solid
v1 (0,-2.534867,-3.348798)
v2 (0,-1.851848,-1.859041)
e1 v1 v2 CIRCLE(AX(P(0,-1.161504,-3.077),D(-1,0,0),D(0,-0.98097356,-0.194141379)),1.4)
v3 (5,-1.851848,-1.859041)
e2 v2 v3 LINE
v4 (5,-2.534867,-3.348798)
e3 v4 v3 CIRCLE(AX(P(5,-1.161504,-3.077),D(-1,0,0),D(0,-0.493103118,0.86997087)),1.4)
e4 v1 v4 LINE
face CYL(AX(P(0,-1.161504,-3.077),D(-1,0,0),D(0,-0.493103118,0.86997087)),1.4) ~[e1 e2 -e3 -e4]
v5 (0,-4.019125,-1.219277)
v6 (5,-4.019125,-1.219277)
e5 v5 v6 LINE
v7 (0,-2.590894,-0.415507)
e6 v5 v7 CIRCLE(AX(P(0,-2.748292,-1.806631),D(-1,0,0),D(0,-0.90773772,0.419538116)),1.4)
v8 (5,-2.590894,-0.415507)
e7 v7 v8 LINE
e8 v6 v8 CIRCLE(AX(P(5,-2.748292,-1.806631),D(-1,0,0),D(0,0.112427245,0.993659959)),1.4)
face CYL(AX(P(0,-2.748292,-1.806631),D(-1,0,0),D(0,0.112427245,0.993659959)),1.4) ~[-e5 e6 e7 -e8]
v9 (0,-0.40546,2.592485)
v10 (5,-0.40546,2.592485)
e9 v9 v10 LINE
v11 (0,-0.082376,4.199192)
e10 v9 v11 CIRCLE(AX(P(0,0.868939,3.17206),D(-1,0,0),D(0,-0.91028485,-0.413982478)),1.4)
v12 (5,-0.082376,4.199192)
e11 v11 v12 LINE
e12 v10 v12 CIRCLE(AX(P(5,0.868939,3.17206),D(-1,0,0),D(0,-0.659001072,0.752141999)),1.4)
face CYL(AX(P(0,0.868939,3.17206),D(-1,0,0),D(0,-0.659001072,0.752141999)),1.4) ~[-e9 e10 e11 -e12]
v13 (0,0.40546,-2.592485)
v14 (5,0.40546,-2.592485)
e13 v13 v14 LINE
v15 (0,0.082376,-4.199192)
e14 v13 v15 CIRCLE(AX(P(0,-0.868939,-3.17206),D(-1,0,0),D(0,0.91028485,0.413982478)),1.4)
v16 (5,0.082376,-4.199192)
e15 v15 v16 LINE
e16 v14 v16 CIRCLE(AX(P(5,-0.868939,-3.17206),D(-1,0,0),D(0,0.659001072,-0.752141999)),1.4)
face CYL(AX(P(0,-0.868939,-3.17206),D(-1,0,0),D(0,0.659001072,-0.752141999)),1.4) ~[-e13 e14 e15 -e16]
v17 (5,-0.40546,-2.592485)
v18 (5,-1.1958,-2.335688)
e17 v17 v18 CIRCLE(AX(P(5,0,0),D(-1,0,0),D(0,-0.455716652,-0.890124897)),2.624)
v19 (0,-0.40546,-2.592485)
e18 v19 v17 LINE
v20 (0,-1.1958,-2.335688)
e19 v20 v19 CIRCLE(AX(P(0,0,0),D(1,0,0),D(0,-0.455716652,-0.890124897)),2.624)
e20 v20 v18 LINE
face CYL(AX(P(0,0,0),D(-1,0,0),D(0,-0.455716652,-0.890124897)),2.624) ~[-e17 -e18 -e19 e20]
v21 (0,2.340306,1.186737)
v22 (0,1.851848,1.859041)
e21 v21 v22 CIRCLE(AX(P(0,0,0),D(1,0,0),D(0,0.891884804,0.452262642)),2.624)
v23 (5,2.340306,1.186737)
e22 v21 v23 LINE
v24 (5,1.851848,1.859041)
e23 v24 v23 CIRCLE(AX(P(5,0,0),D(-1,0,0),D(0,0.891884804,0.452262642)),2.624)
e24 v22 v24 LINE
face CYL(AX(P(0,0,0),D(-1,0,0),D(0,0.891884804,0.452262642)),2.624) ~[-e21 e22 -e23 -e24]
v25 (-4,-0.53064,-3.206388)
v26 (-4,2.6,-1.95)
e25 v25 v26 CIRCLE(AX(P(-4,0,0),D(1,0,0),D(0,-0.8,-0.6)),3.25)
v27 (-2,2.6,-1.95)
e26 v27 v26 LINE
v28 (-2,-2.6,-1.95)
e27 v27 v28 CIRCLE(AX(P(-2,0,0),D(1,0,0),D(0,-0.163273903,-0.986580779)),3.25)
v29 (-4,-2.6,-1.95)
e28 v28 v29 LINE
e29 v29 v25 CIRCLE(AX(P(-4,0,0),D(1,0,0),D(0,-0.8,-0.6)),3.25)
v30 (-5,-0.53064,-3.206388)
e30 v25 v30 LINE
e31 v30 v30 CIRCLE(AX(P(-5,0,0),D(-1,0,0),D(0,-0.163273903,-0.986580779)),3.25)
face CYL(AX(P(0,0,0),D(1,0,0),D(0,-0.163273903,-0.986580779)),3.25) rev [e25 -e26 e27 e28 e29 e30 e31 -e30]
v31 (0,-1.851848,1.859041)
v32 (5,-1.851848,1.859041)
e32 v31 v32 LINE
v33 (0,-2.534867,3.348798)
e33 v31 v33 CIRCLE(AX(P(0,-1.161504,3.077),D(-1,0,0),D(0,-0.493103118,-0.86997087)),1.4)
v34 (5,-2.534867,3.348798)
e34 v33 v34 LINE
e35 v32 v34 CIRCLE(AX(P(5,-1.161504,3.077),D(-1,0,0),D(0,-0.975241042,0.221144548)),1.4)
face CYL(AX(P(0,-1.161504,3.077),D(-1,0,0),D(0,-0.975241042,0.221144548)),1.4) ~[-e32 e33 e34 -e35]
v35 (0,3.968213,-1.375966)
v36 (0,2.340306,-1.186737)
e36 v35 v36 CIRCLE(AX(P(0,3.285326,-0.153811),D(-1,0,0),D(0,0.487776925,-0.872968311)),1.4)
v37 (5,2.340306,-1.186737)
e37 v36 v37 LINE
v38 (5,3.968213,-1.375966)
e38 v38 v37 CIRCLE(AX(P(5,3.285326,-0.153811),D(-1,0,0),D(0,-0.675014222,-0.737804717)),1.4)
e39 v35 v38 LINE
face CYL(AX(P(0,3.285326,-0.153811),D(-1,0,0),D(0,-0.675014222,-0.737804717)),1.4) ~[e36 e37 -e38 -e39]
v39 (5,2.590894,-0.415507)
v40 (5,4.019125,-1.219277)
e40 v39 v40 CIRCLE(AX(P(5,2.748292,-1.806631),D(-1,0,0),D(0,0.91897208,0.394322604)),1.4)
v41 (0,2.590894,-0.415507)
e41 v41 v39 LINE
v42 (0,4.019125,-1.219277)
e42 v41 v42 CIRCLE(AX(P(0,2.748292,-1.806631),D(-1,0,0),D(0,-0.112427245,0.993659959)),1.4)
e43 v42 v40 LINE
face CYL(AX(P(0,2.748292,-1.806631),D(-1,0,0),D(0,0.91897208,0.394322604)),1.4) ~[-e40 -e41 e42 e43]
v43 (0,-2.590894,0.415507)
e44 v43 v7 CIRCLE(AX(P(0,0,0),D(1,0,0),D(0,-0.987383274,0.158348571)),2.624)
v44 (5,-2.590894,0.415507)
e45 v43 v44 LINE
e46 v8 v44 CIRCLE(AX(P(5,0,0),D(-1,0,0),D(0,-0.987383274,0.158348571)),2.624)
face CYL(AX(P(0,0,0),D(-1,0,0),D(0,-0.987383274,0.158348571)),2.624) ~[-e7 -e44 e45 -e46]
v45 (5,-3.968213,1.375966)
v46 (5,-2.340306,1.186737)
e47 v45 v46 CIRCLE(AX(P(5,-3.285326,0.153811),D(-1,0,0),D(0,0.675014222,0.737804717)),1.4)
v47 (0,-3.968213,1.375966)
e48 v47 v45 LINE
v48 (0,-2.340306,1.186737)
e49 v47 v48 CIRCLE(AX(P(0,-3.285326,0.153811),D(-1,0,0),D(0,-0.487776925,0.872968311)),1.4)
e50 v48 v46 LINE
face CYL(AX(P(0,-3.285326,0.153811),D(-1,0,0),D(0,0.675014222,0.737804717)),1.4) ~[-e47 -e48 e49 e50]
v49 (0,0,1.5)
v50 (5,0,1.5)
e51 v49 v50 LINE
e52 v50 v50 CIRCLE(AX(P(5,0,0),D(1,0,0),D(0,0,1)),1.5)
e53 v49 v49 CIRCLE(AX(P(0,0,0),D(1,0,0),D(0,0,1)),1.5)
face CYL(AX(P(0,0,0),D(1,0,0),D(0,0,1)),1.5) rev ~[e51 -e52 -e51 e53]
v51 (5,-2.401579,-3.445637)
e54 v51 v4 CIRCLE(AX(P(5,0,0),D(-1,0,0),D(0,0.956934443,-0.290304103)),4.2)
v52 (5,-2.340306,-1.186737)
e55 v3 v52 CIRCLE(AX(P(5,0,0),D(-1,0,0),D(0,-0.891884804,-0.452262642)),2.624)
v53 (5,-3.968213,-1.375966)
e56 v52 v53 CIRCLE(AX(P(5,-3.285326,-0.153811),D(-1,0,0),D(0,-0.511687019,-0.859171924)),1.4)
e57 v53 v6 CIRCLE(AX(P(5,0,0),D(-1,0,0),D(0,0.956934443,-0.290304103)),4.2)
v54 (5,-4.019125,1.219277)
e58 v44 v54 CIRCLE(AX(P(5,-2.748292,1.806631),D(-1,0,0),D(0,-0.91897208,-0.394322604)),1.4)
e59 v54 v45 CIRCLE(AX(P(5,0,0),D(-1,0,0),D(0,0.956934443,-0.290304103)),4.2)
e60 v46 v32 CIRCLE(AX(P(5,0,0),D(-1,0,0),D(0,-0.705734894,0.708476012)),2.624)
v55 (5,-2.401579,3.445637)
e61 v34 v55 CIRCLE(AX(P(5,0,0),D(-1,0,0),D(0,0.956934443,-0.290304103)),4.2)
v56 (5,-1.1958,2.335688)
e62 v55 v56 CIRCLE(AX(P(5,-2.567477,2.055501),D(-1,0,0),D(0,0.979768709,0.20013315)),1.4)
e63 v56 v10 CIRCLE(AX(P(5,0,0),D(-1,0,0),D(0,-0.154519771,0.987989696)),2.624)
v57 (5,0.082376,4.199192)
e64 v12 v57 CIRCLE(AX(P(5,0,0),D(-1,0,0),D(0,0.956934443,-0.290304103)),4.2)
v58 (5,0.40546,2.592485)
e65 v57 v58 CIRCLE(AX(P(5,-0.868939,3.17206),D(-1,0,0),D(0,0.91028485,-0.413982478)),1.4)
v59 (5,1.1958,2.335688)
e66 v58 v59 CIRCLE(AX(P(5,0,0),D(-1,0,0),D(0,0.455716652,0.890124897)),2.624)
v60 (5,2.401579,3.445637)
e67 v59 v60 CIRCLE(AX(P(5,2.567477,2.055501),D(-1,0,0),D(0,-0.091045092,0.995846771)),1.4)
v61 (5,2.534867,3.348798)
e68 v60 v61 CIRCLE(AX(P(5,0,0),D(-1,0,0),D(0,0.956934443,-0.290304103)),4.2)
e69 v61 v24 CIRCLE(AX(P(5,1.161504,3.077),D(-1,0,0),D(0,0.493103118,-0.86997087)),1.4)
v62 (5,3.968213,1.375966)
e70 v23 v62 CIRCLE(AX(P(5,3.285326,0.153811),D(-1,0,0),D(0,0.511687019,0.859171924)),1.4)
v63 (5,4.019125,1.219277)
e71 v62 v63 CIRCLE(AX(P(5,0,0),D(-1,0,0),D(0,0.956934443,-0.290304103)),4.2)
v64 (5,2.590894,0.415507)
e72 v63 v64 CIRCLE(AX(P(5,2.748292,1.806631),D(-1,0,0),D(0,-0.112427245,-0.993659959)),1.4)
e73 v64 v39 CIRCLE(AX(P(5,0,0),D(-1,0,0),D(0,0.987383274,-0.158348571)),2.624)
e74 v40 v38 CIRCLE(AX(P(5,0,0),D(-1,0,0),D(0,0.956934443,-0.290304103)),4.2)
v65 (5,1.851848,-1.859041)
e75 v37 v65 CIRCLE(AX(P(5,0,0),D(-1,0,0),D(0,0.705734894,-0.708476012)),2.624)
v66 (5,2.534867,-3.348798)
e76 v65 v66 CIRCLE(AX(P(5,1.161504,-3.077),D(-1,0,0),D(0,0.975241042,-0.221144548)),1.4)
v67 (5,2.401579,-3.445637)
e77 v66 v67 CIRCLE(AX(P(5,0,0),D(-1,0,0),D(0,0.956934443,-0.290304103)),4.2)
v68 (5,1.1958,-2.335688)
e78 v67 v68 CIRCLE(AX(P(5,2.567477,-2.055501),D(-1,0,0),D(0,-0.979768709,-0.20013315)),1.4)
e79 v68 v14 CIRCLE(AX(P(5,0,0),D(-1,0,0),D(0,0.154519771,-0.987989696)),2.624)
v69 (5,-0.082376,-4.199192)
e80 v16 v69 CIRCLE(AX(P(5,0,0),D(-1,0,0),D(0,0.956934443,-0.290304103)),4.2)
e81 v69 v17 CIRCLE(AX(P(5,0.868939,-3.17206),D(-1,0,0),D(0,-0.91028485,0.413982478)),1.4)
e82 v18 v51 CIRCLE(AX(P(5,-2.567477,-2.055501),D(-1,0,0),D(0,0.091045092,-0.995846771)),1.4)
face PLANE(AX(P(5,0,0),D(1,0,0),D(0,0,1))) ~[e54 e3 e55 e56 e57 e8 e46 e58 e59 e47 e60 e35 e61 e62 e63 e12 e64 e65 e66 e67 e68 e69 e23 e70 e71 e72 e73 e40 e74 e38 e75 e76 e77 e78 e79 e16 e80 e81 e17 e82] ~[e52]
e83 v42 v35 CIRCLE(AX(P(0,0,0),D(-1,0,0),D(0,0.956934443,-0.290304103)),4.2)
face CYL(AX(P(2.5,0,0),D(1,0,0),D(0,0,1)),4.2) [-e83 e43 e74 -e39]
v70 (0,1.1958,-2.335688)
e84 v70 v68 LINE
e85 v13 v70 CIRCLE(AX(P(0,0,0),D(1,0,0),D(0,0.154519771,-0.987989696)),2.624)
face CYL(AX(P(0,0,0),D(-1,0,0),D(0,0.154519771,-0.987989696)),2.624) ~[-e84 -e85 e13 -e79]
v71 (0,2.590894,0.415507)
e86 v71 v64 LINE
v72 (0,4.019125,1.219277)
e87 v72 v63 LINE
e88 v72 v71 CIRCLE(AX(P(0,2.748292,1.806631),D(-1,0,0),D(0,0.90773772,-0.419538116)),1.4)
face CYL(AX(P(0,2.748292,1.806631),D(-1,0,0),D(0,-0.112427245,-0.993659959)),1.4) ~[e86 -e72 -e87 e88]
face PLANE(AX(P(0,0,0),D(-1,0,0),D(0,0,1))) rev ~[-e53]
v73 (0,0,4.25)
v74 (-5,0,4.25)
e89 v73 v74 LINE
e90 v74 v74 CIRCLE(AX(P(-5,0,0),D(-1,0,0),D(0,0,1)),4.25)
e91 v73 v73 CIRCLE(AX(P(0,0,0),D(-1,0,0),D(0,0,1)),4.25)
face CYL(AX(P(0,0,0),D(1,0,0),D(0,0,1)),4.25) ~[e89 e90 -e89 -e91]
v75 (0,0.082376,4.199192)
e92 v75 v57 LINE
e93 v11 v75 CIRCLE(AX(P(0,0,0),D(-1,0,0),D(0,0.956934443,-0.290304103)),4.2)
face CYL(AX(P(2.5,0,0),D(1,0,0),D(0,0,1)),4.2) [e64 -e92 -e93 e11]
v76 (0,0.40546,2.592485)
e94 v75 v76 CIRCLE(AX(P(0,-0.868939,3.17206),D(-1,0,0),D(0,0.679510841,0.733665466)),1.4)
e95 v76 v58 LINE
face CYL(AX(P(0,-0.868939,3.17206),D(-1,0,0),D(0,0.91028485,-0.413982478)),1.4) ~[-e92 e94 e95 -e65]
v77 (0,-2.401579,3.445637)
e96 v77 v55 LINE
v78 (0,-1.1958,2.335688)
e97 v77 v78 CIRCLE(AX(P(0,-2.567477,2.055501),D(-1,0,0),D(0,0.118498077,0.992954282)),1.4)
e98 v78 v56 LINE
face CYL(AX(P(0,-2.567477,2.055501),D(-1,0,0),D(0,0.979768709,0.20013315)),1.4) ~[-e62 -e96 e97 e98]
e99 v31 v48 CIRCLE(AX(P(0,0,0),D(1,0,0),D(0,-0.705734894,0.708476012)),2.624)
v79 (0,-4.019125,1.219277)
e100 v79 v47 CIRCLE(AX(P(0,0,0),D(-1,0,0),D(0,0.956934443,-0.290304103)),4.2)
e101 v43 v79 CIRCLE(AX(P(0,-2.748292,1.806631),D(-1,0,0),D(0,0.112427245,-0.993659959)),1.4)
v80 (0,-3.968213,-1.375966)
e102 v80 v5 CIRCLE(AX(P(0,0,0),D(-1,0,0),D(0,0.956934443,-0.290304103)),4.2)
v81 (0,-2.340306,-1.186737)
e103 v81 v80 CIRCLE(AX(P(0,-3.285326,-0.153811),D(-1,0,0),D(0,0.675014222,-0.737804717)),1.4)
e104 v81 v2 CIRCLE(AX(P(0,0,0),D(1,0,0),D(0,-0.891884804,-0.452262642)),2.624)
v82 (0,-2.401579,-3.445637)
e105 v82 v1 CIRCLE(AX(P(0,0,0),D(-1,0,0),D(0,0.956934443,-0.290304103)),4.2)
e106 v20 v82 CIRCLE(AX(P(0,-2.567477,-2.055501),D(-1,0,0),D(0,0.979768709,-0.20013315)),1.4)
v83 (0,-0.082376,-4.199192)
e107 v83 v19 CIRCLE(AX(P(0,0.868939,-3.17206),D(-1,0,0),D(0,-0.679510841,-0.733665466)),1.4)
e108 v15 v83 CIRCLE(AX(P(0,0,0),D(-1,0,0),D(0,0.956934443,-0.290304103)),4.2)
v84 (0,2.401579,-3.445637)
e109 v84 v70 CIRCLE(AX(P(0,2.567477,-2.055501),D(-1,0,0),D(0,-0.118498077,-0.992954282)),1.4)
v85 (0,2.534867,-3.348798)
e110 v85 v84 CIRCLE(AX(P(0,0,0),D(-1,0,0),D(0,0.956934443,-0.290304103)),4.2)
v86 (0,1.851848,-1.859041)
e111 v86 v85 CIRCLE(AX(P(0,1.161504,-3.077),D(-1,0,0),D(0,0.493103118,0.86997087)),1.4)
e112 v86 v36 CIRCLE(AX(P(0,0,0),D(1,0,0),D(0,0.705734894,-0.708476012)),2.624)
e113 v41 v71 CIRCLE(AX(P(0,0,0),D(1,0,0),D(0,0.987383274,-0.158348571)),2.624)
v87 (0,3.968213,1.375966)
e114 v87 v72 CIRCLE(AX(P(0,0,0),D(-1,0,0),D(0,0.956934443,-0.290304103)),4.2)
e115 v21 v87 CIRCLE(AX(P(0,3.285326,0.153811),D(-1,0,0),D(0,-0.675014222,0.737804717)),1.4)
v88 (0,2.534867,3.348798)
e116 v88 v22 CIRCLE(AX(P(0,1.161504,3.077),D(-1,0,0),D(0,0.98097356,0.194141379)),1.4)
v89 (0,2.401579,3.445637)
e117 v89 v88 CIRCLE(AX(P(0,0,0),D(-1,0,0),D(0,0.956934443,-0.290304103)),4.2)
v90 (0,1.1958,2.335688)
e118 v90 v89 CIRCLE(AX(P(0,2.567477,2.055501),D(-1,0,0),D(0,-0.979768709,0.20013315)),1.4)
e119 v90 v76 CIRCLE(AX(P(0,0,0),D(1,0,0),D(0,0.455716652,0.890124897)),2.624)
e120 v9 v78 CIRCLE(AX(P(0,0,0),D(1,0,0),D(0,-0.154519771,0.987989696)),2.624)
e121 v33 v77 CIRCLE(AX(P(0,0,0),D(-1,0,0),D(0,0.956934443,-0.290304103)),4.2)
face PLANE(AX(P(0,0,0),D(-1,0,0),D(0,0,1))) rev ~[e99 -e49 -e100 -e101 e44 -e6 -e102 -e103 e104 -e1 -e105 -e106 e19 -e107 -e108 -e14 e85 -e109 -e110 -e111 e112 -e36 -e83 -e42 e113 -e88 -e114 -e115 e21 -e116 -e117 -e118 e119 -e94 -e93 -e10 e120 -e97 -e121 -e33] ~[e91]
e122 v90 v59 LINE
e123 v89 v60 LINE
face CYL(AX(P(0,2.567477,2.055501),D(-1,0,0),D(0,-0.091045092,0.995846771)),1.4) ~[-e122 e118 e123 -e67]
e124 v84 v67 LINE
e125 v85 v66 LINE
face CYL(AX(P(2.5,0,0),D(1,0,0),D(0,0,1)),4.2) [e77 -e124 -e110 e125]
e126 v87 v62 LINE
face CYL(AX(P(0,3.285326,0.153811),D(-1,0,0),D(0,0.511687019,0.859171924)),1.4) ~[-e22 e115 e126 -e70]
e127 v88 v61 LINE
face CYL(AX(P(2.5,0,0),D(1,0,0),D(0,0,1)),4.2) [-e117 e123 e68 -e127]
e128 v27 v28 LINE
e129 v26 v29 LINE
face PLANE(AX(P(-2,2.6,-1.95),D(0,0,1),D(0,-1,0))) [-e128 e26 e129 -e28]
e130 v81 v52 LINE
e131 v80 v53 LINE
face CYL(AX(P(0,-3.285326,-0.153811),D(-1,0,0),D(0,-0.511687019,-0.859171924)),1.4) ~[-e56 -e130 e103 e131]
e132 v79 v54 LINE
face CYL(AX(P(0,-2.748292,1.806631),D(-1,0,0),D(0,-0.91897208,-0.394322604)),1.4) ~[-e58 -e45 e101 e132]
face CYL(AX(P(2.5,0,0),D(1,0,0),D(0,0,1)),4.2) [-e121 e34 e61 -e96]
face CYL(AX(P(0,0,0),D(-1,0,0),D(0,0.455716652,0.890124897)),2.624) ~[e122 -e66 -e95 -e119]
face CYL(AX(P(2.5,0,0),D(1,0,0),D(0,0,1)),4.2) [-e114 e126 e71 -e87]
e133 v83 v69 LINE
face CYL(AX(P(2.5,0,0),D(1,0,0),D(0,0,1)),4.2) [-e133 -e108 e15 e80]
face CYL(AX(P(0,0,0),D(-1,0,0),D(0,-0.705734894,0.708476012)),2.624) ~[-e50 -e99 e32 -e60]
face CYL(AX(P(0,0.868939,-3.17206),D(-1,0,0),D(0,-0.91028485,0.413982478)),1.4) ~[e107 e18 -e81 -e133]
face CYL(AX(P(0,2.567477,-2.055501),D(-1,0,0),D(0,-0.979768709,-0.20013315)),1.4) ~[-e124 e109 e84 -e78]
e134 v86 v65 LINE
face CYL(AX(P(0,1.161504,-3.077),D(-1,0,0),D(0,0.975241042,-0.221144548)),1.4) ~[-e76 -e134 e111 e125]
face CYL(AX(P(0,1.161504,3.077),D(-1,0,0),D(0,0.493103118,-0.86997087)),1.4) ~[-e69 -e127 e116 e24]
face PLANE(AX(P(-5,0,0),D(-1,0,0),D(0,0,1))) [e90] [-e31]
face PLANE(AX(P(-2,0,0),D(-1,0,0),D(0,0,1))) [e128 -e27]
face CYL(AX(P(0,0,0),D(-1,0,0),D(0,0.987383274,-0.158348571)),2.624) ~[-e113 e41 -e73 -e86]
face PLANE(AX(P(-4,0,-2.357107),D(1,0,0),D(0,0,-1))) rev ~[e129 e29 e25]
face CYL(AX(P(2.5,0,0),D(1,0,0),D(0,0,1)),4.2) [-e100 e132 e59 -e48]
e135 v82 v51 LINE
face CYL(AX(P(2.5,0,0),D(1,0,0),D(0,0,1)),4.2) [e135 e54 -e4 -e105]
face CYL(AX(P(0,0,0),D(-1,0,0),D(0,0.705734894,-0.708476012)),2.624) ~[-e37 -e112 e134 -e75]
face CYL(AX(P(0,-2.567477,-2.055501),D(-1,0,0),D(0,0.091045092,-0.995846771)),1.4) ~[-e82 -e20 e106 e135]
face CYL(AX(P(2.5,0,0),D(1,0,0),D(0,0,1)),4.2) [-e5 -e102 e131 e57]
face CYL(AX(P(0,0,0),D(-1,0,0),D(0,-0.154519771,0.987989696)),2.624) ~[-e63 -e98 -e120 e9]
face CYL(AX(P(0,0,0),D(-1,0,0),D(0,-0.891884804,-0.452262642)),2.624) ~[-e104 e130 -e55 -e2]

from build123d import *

# Parameters (mm, degrees)
BASPROSKE_W             = 5
BASPROSKE_H             = 4.2
TOOTHCUT_DEPTH          = 8.764019578
TEETHCUTS_COUNT         = 10
TEETHCUTS_ANGLE         = 324
BORSKE_R                = 1.5
BORE_DEPTH              = 50.0000508
CROQUIS1_R              = 4.25
CROQUIS1_R_2            = 3.25
SALIENTE_EXTRUIR1_DEPTH = 5
CROQUIS2_R              = 3.25
SALIENTE_EXTRUIR2_DEPTH = 2
SALIENTE_EXTRUIR3_DEPTH = 2


with BuildPart() as part:
    # BasProSke → Base-Revolve (revolve)
    with BuildSketch(Plane(origin=(0, 0, 0), x_dir=(1, 0, 0), z_dir=(0, 1, 0)), mode=Mode.PRIVATE) as base_revolve_sk:
        with Locations((2.5, 2.1)):
            Rectangle(BASPROSKE_W, BASPROSKE_H)
    revolve(base_revolve_sk.sketch.rotate(Axis((-10, 0, 0), (1, 0, 0)), 180), axis=Axis((-10, 0, 0), (1, 0, 0)))

    # TooCutSke → ToothCut (cut, through all)
    with BuildSketch(Plane(origin=(0, 0, 0), x_dir=(0, 0, -1), z_dir=(1, 0, 0))):
        with BuildLine():
            ThreePointArc((0.415506654, 2.590893711), (0, 2.624), (-0.415506654, 2.590893711))
            ThreePointArc((-0.415506654, 2.590893711), (-0.596160737, 3.451685568), (-1.254578949, 4.034852763))
            ThreePointArc((-1.254578949, 4.034852763), (0, 4.2254), (1.254578949, 4.034852763))
            ThreePointArc((1.254578949, 4.034852763), (0.596160737, 3.451685568), (0.415506654, 2.590893711))
        make_face()
    toothcut = extrude(amount=TOOTHCUT_DEPTH, mode=Mode.SUBTRACT)

    # TeethCuts: ToothCut ×10 about axis
    teethcuts_axis = Axis((-10, 0, 0), (1, 0, 0))
    for i in range(1, TEETHCUTS_COUNT):
        add(toothcut.rotate(teethcuts_axis, i * TEETHCUTS_ANGLE / (TEETHCUTS_COUNT - 1)), mode=Mode.SUBTRACT)

    # BorSke → Bore (cut, symmetric)
    with BuildSketch(Plane(origin=(0, 0, 0), x_dir=(0, 0, -1), z_dir=(1, 0, 0))):
        with Locations(Location((0, 0, 0), (0, 0, 180))):
            Circle(BORSKE_R)
    extrude(amount=BORE_DEPTH, both=True, mode=Mode.SUBTRACT)

    # Croquis1 → Saliente-Extruir1 (add)
    with BuildSketch(Plane.ZY):
        Circle(CROQUIS1_R)
        with Locations(Location((0, 0, 0), (0, 0, 189.396976621))):
            Circle(CROQUIS1_R_2, mode=Mode.SUBTRACT)
    extrude(amount=SALIENTE_EXTRUIR1_DEPTH)

    # Croquis2 → Saliente-Extruir2 (add)
    with BuildSketch(Plane.ZY):
        Circle(CROQUIS2_R)
    extrude(amount=SALIENTE_EXTRUIR2_DEPTH)

    # Croquis3 → Saliente-Extruir3 (add)
    with BuildSketch(Plane.ZY.offset(2)):
        with BuildLine():
            Line((-1.95, 2.6), (-1.95, -2.6))
            ThreePointArc((-1.95, -2.6), (-3.25, 0), (-1.95, 2.6))
        make_face()
    extrude(amount=SALIENTE_EXTRUIR3_DEPTH)


solid = part.part
